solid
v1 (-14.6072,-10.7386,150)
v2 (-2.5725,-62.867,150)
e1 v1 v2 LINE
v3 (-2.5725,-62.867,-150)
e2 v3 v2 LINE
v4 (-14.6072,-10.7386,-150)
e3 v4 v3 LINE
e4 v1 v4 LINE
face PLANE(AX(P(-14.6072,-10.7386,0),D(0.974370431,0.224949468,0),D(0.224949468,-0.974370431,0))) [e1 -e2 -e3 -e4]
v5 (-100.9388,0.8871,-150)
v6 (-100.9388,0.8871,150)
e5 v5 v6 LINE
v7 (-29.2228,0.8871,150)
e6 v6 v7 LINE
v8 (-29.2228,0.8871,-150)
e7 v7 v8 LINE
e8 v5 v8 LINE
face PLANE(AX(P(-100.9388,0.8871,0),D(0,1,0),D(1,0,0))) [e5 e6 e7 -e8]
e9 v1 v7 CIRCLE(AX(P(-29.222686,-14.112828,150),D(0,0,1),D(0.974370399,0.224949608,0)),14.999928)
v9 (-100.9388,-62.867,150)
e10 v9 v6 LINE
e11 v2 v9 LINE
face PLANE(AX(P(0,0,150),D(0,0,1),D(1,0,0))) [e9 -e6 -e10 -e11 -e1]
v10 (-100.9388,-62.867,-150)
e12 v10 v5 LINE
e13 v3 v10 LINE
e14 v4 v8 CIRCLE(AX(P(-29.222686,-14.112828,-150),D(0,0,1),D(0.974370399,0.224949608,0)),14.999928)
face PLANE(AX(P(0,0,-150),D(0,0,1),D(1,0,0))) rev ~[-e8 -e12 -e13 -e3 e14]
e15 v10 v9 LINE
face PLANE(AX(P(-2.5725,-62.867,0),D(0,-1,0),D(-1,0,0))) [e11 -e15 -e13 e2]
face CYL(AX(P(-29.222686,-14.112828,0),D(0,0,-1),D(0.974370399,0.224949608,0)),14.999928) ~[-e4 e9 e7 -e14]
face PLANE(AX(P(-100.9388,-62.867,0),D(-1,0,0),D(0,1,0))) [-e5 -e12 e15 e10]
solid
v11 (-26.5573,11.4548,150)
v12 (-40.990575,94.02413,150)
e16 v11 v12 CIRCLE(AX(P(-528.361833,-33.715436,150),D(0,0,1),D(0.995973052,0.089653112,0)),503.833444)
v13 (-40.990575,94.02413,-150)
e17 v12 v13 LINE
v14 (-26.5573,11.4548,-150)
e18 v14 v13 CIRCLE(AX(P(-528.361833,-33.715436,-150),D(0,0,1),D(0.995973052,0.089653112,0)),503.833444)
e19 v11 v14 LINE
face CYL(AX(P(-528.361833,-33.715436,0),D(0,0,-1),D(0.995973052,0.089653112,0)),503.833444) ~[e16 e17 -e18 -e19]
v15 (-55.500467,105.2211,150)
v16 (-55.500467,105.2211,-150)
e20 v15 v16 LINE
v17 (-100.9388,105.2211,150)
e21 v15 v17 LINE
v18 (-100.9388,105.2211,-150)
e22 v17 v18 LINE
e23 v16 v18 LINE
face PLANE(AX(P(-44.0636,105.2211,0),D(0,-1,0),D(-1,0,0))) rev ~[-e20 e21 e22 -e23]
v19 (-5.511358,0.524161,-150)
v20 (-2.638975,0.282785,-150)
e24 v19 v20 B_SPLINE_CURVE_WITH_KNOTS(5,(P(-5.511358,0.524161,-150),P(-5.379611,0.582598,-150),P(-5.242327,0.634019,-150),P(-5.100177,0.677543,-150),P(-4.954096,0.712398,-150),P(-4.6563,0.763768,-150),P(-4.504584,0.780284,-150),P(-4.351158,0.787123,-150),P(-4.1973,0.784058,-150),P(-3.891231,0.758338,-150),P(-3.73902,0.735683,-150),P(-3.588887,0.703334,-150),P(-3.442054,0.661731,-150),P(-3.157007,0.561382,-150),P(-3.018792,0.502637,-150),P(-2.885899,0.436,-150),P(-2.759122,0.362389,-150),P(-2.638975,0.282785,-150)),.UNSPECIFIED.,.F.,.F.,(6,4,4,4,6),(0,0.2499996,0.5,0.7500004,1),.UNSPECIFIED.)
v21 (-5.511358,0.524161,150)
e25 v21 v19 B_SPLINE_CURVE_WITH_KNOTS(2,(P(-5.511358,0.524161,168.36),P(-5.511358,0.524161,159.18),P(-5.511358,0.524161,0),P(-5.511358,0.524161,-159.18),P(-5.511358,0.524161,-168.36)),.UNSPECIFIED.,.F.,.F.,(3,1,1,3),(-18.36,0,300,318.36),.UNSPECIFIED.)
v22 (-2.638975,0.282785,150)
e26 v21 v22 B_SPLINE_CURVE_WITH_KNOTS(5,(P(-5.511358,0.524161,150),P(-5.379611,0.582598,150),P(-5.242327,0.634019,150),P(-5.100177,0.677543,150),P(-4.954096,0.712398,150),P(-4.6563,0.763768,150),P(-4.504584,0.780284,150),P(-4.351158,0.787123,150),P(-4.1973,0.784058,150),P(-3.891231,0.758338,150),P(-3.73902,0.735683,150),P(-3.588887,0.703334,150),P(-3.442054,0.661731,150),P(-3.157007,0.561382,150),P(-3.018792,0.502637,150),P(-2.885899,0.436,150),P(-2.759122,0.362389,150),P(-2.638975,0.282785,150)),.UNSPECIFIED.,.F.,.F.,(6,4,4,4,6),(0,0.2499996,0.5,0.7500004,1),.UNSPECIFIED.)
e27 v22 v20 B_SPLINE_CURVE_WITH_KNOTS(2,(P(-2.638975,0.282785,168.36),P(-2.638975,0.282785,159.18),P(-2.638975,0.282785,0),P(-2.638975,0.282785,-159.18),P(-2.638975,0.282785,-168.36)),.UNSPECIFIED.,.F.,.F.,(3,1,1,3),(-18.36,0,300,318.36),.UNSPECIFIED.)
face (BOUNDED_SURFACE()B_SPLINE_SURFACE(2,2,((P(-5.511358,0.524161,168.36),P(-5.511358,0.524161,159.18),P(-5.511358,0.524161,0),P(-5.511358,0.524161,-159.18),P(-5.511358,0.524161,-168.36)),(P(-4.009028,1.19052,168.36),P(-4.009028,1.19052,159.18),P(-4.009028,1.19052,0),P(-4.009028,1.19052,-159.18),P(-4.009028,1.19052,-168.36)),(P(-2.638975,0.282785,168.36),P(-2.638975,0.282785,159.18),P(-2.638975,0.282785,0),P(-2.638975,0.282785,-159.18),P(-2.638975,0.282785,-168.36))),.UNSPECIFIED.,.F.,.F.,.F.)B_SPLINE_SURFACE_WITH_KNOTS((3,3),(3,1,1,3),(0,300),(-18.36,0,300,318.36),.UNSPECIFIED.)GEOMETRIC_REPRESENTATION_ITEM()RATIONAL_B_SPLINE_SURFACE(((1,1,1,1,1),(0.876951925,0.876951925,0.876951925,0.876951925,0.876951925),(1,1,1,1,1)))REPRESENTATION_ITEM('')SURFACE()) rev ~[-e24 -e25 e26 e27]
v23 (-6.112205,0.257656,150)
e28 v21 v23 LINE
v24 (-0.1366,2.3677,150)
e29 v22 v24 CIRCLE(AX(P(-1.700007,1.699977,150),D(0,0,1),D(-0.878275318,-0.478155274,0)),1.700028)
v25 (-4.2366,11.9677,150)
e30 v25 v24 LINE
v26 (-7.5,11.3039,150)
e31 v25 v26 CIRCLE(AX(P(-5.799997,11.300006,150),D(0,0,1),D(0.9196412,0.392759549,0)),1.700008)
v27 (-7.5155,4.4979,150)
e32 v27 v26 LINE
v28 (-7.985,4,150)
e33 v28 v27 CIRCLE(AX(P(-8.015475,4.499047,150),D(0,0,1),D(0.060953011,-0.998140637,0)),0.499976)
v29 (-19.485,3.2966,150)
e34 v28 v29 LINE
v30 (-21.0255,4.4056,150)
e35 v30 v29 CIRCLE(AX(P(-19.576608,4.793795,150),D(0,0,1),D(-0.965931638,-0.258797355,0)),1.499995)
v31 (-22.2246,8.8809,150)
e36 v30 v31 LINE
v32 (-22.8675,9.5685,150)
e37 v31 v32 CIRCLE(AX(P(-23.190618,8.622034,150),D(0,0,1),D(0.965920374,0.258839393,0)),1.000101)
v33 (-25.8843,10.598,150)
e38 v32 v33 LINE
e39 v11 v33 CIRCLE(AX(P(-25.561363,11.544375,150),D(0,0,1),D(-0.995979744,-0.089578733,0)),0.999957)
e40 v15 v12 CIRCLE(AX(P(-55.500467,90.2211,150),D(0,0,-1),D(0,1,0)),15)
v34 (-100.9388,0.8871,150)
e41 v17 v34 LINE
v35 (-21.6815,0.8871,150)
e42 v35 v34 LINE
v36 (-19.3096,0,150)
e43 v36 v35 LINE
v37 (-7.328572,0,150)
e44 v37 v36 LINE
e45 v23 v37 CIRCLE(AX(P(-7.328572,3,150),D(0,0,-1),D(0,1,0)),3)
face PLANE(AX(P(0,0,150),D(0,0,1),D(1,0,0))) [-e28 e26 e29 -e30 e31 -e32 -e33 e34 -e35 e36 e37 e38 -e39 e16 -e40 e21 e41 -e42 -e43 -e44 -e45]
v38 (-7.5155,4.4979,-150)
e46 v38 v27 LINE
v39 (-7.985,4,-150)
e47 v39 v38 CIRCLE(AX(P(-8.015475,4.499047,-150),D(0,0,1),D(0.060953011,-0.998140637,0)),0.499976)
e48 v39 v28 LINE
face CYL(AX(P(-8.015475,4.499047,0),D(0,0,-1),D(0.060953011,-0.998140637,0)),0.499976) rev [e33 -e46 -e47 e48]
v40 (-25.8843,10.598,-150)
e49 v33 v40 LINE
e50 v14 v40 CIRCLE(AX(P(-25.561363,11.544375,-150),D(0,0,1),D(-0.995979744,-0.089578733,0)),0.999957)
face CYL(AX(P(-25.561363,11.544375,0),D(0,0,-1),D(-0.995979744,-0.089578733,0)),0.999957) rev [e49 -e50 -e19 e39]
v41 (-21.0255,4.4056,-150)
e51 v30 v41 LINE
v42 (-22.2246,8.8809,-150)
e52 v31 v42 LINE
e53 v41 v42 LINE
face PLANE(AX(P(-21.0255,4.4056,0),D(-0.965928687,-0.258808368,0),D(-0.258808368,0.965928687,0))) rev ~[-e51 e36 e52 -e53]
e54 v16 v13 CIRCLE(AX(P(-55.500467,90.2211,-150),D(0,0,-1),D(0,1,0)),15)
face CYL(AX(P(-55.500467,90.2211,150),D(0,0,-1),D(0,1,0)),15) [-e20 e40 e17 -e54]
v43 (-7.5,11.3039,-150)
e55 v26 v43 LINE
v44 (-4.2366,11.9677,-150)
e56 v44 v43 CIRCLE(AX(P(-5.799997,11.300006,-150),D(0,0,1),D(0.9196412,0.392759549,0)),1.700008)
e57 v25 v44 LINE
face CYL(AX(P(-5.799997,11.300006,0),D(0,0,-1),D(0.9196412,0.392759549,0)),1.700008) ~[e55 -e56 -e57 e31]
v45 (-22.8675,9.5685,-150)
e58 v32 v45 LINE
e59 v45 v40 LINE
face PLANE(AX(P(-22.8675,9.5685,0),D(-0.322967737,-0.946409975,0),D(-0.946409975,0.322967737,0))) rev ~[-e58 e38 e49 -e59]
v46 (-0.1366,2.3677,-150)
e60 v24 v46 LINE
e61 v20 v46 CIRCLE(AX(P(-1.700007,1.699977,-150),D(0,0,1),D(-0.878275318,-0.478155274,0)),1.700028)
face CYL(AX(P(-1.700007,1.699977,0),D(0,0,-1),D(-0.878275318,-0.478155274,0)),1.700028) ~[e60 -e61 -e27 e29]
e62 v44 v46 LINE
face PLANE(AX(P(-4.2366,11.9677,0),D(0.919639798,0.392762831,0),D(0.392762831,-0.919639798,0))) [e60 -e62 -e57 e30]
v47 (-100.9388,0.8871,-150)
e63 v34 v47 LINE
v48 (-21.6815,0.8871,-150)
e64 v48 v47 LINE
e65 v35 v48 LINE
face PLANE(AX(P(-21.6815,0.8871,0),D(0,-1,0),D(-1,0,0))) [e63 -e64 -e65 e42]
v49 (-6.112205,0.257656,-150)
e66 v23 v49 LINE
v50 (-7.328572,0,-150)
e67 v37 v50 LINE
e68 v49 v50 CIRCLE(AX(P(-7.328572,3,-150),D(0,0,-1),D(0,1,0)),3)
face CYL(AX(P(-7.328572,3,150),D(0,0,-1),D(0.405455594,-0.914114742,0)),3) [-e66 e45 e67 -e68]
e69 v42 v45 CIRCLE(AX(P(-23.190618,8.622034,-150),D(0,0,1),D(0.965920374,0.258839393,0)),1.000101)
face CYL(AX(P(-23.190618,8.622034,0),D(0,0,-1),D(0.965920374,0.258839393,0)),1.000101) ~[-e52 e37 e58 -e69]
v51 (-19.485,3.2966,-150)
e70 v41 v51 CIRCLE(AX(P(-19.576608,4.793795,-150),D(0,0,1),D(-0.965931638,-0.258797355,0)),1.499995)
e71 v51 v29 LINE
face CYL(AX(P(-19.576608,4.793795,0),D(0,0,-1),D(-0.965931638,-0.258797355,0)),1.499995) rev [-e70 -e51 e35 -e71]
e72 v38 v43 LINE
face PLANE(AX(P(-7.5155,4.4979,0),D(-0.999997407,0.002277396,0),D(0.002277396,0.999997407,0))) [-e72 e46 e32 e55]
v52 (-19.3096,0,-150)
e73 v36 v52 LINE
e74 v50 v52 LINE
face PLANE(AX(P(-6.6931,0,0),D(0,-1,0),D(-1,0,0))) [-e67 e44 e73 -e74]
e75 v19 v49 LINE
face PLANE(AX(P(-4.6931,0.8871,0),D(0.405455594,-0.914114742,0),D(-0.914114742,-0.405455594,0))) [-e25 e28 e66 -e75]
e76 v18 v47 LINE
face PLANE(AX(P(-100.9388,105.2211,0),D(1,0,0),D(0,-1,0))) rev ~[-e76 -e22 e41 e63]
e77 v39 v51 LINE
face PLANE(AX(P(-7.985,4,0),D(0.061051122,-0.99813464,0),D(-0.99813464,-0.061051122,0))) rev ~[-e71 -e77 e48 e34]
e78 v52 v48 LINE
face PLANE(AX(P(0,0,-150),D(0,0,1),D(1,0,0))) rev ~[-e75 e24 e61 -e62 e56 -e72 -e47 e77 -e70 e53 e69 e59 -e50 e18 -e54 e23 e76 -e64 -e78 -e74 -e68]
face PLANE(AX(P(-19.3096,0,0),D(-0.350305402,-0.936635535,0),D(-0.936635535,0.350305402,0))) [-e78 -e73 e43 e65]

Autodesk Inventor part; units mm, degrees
ref_plane "YZ Plane" through (0, 0, 0) normal (1, 0, 0) x (0, 1, 0)
ref_plane "XZ Plane" through (0, 0, 0) normal (0, 1, 0) x (-1, 0, 0)
ref_plane "XY Plane" through (0, 0, 0) normal (0, 0, 1) x (1, 0, 0)
sketch "草圖1" plane through (0, 0, 0) normal (0, 0, 1) x (1, 0, 0)
  line L0 (0, 0) -> (-9.6483, 0) construction
  line L1 (0, 0) -> (0, 8.3837) construction
  line L2 (-7.5155, 4.4979) -> (-7.5, 11.3039)
  arc A0 (-4.2366, 11.9677) -> (-7.5, 11.3039) centre (-5.8, 11.3) ccw
  line L3 (-4.2366, 11.9677) -> (-0.1366, 2.3677)
  arc A1 (-3.1931, 0.8871) -> (-0.1366, 2.3677) centre (-1.7, 1.7) ccw
  line L4 (-3.1931, 0.8871) -> (-4.6931, 0.8871)
  line L5 (-4.6931, 0.8871) -> (-6.6931, 0)
  line L6 (-6.6931, 0) -> (-19.3096, 0)
  line L7 (-19.3096, 0) -> (-21.6815, 0.8871)
  line L8 (-21.6815, 0.8871) -> (-100.9388, 0.8871)
  line L9 (-21.0255, 4.4056) -> (-22.2246, 8.8809)
  line L10 (-22.8675, 9.5685) -> (-25.8843, 10.598)
  arc A2 (-22.2246, 8.8809) -> (-22.8675, 9.5685) centre (-23.1905, 8.6221) ccw
  line L11 (-13.2, 16.4786) -> (-10.2, 16.4786) construction
  line L12 (-10.2, 16.4786) -> (-10.2, 4.7787) construction
  line L13 (-10.2, 4.7787) -> (-13.2, 4.7787) construction
  line L14 (-13.2, 4.7787) -> (-13.2, 16.4786) construction
  arc A3 (-26.5573, 11.4548) -> (-44.0636, 105.2211) centre (-528.3565, -33.7147) ccw
  arc A4 (-26.5573, 11.4548) -> (-25.8843, 10.598) centre (-25.5613, 11.5444) ccw
  line L15 (-44.0636, 105.2211) -> (-100.9388, 105.2211)
  line L16 (-100.9388, 105.2211) -> (-100.9388, 0.8871)
  line L17 (-9.2215, 13) -> (-2.2458, 13) construction
  line L18 (-7.985, 4) -> (-19.485, 3.2966)
  arc A5 (-7.985, 4) -> (-7.5155, 4.4979) centre (-8.0155, 4.4991) ccw
  arc A6 (-21.0255, 4.4056) -> (-19.485, 3.2966) centre (-19.5766, 4.7938) ccw
  point P0 (-26.4995, 10.808)
  point P1 (-11.7, 4.7787)
  point P2 (-20.814, 3.6164)
  dimension "d0" = 13
  dimension "d4" = 1.7
  dimension "d5" = 1.7
  dimension "d9" = 1
  dimension "d13" = 3
  dimension "d14" = 10
  dimension "d25" = 1
  dimension "d28" = 2
  dimension "d29" = 1.5
  dimension "d31" = 7.5
  dimension "d35" = 23.257
  dimension "d37" = 3.5
  dimension "d38" = 0.5
  dimension "d39" = 11.5
  dimension "d40" = 9
  dimension "d41" = 1.5
  dimension "d53" = 503.8281
  dimension "d55" = 101.5
  dimension "d56" = 0.8871
  dimension "d57" = 12.6165
  dimension "d58" = 79.2574
  dimension "d59" = 20.507
  dimension "d60" = 104.3339
  dimension "d61" = 123.844
  dimension "d62" = 5.5417
  dimension "d63" = 8.6034
  dimension "d64" = 34.6018
extrude "擠出1" add sketch "草圖1" along normal mid plane 300
fillet "圓角2" radius 3 3 edges at (-3.1931, 0.8871, 0) (-6.6931, 0, 0) (-4.6931, 0.8871, 0)
sketch "草圖4" plane through (0, 0, 0) normal (0, 0, 1) x (1, 0, 0)
  line L0 (-100.9388, 0.8871) -> (-29.2228, 0.8871)
  arc A0 (-14.6072, -10.7386) -> (-29.2228, 0.8871) centre (-29.2228, -14.1129) ccw
  line L1 (-14.6072, -10.7386) -> (-2.5725, -62.867)
  line L2 (-100.9388, 0.8871) -> (-21.6815, 0.8871) projected
  line L3 (-2.5725, -62.867) -> (-100.9388, -62.867)
  line L4 (-100.9388, -62.867) -> (-100.9388, 0.8871)
  point P0 (0, 0)
  dimension "d45" = 103
  dimension "d46" = 0
  dimension "d48" = 15
  dimension "d67" = 63.7541
  dimension "d68" = 71.716
extrude "擠出2" add sketch "草圖4" along normal mid plane 300 separate body
fillet "圓角3" radius 15 1 edges at (-44.0636, 105.2211, 0)
properties part number "0 零件"
